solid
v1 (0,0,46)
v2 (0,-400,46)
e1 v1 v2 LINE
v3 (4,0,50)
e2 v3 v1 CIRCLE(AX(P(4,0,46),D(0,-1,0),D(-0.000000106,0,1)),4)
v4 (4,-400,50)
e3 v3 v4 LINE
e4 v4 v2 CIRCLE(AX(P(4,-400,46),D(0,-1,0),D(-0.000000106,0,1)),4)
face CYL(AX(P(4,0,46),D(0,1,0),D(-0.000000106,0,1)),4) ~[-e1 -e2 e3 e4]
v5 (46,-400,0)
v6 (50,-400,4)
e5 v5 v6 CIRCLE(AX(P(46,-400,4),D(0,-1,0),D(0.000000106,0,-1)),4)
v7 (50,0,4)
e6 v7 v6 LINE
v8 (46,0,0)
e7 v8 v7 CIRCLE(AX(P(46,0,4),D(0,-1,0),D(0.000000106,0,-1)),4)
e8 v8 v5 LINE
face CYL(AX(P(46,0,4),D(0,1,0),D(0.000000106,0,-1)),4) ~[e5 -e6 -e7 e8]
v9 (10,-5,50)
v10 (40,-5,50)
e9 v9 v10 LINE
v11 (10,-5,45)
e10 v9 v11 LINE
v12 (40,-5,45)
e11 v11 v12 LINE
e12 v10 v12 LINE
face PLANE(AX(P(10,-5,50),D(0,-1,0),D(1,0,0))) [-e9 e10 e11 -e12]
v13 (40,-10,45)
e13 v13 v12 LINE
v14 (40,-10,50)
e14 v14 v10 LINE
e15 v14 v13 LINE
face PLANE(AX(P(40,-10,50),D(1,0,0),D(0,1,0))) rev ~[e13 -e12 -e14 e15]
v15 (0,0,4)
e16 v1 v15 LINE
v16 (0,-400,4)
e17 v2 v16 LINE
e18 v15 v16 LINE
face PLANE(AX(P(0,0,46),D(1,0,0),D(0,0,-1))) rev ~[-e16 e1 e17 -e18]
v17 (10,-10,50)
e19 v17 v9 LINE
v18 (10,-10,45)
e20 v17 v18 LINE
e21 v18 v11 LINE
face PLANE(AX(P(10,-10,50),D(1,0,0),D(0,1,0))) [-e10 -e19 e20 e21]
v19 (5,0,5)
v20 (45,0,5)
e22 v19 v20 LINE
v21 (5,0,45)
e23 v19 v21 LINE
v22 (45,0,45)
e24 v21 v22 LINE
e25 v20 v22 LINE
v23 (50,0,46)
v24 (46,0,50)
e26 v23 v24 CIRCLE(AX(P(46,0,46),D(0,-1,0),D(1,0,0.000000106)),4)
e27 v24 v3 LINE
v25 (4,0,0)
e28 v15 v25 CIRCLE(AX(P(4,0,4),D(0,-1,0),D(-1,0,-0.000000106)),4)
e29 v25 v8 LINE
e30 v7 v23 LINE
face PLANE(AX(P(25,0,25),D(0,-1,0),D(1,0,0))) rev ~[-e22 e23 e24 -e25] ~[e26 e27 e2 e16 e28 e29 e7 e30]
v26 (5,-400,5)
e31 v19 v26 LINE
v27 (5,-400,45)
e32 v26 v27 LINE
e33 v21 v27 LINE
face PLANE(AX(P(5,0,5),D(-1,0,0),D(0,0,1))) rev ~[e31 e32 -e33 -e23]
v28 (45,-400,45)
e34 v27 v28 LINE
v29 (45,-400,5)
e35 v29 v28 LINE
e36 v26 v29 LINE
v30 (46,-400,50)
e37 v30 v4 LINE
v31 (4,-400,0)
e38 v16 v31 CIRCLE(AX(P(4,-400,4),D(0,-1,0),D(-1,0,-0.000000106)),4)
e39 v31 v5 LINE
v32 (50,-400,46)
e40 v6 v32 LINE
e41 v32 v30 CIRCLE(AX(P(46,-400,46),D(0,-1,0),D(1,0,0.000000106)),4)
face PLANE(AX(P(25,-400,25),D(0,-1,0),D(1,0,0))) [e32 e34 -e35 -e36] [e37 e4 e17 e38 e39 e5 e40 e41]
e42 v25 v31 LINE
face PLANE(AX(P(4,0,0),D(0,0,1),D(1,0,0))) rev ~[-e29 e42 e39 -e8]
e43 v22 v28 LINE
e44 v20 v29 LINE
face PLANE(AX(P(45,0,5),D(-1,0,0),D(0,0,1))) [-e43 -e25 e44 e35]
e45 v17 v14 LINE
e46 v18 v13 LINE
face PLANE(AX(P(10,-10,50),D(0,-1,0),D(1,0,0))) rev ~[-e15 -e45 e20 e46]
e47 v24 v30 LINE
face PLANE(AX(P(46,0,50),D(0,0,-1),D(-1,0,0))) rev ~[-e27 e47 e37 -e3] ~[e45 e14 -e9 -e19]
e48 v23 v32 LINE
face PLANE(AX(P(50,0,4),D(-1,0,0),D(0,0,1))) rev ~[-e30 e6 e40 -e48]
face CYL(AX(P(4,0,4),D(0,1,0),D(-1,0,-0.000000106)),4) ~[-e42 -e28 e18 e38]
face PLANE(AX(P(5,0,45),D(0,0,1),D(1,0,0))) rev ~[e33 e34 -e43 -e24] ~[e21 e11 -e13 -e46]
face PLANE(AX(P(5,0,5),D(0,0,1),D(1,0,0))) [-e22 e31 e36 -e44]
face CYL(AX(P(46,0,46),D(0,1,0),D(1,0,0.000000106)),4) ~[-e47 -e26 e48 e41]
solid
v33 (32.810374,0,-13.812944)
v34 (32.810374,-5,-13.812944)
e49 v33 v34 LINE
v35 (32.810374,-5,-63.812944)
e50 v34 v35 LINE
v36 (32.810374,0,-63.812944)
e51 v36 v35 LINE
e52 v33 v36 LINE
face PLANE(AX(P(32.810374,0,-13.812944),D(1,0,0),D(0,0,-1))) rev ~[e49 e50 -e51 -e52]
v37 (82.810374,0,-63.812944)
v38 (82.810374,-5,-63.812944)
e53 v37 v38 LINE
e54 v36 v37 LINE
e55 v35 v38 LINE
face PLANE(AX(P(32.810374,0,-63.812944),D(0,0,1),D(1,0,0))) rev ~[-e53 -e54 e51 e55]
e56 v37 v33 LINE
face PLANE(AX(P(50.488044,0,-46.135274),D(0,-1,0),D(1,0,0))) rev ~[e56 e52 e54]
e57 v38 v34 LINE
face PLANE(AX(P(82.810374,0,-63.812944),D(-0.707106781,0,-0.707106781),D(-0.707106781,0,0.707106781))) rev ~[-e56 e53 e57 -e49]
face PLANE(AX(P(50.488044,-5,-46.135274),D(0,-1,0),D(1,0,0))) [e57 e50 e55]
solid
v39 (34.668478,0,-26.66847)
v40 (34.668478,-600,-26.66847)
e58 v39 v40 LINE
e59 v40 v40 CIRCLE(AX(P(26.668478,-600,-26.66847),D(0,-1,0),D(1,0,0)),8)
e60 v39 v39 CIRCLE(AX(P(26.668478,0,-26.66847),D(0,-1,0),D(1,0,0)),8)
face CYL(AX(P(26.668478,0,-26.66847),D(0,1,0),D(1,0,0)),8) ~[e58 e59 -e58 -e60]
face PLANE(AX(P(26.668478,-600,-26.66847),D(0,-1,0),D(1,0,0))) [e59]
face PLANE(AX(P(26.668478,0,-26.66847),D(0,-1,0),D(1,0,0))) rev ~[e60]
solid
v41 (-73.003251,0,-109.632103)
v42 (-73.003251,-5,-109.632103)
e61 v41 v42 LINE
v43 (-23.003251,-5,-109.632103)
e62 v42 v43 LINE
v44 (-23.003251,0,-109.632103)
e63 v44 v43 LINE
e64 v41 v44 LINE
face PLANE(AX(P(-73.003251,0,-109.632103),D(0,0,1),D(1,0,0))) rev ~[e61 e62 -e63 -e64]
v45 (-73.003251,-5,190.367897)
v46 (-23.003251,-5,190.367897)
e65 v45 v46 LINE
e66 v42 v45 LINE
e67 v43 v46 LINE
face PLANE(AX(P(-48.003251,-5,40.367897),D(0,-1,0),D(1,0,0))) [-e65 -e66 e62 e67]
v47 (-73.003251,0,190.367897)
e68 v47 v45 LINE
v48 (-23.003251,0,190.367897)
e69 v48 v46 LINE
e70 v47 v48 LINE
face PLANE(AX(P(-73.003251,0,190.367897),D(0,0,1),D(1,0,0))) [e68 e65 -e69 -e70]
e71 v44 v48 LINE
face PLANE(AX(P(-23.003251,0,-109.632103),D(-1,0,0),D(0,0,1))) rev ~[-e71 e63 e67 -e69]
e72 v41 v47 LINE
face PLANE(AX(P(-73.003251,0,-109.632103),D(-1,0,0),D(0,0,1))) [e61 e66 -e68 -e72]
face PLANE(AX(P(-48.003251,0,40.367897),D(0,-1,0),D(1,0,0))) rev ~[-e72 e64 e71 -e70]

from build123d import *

# Parameters (mm, degrees)
F0_W     = 40
F0_H     = 40
F1_DEPTH = 400
F2_W     = 50
F2_H     = 300
F3_DEPTH = 5
F4_R     = 8
F5_DEPTH = 600
F7_DEPTH = 5
F8_W     = 30
F8_H     = 5
F9_DEPTH = 5


with BuildPart() as f1:
    # F0 (on Front) → F1 (new body)
    with BuildSketch(Plane.XZ):
        with BuildLine():
            ThreePointArc((0, 4), (1.171573, 1.171573), (4, 0))
            Line((4, 0), (46, 0))
            ThreePointArc((46, 0), (48.828427, 1.171573), (50, 4))
            Line((50, 4), (50, 46))
            ThreePointArc((50, 46), (48.828427, 48.828427), (46, 50))
            Line((46, 50), (4, 50))
            ThreePointArc((4, 50), (1.171573, 48.828427), (0, 46))
            Line((0, 46), (0, 4))
        make_face()
        with Locations((25, 25)):
            Rectangle(F0_W, F0_H, mode=Mode.SUBTRACT)
    extrude(amount=F1_DEPTH)

    # F8 (on face) → F9 (cut, through all)
    with BuildSketch(Plane.XY.offset(50)):
        with Locations((25, -7.5)):
            Rectangle(F8_W, F8_H)
    extrude(amount=-F9_DEPTH, mode=Mode.SUBTRACT)


with BuildPart() as f3:
    # F2 (on Front) → F3 (new body)
    with BuildSketch(Plane.XZ):
        with Locations((-48.003251, 40.367897)):
            Rectangle(F2_W, F2_H)
    extrude(amount=F3_DEPTH)


with BuildPart() as f5:
    # F4 (on Front) → F5 (new body)
    with BuildSketch(Plane.XZ):
        with Locations((26.668478, -26.66847)):
            Circle(F4_R)
    extrude(amount=F5_DEPTH)


with BuildPart() as f7:
    # F6 (on Front) → F7 (new body)
    with BuildSketch(Plane.XZ):
        Polygon((32.810374, -13.812944), (32.810374, -63.812944), (82.810374, -63.812944), align=None)
    extrude(amount=F7_DEPTH)


solid = Compound([f1.part, f3.part, f5.part, f7.part])
